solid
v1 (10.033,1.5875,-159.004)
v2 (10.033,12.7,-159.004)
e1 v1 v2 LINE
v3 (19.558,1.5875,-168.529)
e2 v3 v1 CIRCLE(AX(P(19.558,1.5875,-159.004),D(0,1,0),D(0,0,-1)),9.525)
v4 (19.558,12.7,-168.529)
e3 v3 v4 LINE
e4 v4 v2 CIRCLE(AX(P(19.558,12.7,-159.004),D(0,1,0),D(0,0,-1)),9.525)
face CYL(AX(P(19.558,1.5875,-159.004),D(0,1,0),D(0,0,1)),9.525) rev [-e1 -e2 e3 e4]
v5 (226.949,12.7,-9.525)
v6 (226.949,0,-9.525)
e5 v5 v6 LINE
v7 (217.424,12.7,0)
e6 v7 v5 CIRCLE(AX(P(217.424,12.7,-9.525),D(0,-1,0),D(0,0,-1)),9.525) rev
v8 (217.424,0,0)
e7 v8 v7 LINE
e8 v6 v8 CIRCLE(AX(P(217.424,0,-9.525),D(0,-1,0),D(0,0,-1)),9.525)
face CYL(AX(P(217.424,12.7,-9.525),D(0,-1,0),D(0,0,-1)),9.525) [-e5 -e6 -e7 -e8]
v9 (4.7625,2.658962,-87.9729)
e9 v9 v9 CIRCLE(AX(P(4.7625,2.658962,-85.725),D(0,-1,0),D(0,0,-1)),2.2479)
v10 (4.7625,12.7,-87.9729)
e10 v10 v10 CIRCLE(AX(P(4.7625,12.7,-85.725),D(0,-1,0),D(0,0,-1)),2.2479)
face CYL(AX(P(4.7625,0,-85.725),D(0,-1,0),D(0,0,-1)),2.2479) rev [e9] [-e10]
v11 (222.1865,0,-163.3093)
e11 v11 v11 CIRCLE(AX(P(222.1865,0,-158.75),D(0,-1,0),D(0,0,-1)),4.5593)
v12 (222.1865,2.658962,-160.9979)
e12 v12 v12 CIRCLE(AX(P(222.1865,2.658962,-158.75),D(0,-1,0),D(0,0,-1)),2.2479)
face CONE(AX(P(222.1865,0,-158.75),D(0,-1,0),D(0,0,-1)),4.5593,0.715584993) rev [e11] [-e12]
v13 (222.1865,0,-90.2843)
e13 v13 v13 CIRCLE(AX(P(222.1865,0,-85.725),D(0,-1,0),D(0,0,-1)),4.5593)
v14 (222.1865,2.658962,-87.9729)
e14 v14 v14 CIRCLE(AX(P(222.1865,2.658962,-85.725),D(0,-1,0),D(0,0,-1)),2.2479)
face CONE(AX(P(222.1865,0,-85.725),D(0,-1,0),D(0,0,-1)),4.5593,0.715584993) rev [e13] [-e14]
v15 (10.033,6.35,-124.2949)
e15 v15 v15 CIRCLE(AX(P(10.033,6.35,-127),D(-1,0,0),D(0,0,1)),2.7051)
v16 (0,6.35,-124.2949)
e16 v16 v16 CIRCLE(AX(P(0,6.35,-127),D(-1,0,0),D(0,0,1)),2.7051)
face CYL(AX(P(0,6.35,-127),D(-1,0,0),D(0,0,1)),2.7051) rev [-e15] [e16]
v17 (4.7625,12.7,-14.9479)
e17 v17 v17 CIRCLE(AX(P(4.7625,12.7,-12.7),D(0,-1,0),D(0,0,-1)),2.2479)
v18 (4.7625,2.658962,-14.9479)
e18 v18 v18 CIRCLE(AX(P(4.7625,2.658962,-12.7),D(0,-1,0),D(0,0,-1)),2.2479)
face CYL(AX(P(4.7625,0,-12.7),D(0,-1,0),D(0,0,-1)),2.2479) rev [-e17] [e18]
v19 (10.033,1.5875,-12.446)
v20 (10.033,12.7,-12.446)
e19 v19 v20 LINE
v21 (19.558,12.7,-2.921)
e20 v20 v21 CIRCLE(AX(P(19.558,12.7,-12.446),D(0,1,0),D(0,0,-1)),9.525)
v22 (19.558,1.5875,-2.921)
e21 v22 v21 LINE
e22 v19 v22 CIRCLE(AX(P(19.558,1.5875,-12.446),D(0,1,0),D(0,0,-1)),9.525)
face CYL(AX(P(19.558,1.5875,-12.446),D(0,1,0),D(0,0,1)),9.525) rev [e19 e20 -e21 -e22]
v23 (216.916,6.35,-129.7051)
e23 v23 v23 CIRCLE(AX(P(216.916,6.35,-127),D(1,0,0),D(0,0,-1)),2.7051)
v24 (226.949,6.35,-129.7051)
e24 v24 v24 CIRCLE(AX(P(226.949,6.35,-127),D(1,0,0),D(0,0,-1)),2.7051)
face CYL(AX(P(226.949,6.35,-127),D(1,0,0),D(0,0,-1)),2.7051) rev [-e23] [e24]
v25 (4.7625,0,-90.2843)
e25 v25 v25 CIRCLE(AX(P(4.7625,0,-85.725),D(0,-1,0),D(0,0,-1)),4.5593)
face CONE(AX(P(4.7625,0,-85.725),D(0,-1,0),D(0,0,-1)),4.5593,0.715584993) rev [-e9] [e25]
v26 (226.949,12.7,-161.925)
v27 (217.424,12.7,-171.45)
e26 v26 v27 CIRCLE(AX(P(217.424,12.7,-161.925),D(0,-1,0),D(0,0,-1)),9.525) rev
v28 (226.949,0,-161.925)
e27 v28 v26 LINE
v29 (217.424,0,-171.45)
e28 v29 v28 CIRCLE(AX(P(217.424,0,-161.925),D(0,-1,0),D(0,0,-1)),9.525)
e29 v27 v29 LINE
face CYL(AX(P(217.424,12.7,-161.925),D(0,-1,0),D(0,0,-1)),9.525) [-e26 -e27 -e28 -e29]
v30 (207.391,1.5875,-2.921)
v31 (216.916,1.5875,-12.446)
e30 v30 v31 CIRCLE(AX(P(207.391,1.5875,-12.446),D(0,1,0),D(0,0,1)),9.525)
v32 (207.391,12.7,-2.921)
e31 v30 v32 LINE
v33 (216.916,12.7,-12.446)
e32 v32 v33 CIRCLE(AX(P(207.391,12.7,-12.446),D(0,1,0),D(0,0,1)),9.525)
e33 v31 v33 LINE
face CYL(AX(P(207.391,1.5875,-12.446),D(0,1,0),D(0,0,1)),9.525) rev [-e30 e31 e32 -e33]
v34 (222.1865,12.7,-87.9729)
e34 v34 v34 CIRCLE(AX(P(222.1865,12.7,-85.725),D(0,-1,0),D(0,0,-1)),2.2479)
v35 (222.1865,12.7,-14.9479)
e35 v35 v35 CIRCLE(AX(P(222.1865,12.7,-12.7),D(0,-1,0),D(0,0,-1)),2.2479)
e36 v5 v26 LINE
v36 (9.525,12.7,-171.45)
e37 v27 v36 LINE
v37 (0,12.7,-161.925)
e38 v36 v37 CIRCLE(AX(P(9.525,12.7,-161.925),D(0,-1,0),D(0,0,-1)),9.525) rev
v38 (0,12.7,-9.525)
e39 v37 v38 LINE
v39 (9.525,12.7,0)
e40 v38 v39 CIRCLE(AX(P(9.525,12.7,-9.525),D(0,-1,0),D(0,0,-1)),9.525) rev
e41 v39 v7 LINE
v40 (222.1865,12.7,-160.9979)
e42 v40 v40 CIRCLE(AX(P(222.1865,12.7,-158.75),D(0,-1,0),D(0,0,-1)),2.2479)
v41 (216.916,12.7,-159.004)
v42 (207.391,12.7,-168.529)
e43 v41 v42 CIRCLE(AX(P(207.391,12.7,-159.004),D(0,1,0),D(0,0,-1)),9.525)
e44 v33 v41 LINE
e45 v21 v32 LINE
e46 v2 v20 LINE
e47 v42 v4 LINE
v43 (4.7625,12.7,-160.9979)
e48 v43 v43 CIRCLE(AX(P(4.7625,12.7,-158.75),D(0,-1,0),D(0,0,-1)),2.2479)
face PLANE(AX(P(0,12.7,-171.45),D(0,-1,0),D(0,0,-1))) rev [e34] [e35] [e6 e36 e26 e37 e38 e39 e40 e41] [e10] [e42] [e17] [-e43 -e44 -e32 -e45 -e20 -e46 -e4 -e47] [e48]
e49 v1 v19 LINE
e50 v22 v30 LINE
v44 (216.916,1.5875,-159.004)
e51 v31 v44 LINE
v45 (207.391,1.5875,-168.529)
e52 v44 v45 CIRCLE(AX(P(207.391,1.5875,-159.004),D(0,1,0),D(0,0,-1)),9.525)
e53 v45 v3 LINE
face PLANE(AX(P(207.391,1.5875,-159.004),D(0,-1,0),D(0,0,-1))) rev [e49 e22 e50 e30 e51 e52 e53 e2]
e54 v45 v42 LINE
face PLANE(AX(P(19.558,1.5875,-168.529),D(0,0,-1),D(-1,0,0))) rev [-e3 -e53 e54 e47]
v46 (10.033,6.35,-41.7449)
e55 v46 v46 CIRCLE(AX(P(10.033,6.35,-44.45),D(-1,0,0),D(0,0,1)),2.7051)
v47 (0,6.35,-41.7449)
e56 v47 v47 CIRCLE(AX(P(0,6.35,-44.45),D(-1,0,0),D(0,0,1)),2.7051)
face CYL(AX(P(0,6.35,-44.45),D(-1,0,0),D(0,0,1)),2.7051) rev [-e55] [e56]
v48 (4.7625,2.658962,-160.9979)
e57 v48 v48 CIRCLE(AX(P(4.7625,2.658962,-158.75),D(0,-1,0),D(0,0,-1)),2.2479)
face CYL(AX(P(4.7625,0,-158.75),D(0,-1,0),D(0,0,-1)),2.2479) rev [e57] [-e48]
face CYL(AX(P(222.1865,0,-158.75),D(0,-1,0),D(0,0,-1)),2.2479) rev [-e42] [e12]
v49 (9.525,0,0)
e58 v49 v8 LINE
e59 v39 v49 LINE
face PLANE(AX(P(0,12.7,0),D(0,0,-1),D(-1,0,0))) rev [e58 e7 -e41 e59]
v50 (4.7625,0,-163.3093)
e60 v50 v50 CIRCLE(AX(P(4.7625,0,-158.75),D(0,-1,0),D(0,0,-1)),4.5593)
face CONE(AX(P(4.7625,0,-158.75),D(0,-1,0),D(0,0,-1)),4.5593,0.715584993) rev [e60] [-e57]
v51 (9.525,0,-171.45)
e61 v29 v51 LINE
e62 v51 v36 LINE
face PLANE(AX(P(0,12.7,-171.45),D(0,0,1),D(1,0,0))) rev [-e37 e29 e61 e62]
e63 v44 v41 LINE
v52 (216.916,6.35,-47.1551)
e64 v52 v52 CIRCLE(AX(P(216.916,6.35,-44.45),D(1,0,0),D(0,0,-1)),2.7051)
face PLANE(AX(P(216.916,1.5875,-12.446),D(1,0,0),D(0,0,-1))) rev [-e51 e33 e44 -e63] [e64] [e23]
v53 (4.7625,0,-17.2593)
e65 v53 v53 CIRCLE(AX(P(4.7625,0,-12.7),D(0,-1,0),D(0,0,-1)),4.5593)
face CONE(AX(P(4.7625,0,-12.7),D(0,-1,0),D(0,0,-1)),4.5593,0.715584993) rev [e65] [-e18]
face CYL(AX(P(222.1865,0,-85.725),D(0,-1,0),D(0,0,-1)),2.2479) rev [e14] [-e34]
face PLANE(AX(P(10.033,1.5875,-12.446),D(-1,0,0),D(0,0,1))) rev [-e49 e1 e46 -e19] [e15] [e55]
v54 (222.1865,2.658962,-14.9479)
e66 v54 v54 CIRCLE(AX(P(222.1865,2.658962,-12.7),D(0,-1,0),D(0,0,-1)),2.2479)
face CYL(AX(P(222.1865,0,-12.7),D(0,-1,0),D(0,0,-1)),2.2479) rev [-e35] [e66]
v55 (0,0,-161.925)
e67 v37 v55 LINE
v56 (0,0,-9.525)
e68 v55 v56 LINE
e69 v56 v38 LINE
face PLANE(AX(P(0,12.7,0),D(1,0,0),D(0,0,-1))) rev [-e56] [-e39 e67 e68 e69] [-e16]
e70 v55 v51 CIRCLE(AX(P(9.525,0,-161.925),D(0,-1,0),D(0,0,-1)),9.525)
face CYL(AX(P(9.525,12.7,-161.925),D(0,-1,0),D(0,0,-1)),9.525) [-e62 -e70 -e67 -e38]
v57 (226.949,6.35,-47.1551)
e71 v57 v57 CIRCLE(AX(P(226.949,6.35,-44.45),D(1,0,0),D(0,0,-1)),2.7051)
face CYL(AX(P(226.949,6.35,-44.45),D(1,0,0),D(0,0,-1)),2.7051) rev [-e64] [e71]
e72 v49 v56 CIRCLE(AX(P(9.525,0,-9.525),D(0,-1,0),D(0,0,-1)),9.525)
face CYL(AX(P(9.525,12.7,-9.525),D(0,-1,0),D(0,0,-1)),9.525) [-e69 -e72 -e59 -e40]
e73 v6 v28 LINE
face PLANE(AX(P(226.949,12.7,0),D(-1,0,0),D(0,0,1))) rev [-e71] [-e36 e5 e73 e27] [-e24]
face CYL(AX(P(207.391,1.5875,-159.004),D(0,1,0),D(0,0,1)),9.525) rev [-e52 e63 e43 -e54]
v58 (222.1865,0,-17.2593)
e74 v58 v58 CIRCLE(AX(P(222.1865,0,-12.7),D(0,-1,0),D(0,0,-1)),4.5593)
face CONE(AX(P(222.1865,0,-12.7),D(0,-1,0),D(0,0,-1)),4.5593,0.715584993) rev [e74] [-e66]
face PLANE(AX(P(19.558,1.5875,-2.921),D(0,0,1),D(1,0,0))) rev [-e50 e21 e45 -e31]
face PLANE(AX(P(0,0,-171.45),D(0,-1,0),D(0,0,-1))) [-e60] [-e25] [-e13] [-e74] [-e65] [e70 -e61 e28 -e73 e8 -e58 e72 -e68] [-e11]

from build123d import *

# Parameters (mm, degrees)
SKETCH1_W                                         = 226.949
SKETCH1_H                                         = 171.45
BOSS_EXTRUDE1_DEPTH                               = 12.7
CUT_EXTRUDE1_DEPTH                                = 11.1125
F_1_4_28_TAPPED_HOLE1_REACH                       = 286.714
F_1_4_28_TAPPED_HOLE1_BORE_R                      = 2.7051
CSK_FOR_8_FLAT_HEAD_SOCKET_CAP_SCREW1_D           = 4.4958
CSK_FOR_8_FLAT_HEAD_SOCKET_CAP_SCREW1_CSINK_D     = 9.1186
CSK_FOR_8_FLAT_HEAD_SOCKET_CAP_SCREW1_CSINK_ANGLE = 82
FILLET1_R                                         = 9.525


with BuildPart() as part:
    # Sketch1 → Boss-Extrude1 (new body)
    with BuildSketch(Plane(origin=(0, 0, 0), x_dir=(1, 0, 0), z_dir=(0, 1, 0))):
        with Locations((113.4745, 85.725)):
            Rectangle(SKETCH1_W, SKETCH1_H)
    extrude(amount=BOSS_EXTRUDE1_DEPTH)

    # Sketch2 → Cut-Extrude1 (cut)
    with BuildSketch(Plane(origin=(0, 12.7, 0), x_dir=(1, 0, 0), z_dir=(0, 1, 0))):
        with BuildLine():
            Line((19.558, 2.921), (207.391, 2.921))
            ThreePointArc((207.391, 2.921), (214.126192091, 5.710807909), (216.916, 12.446))
            Line((216.916, 12.446), (216.916, 159.004))
            ThreePointArc((216.916, 159.004), (214.126192091, 165.739192091), (207.391, 168.529))
            Line((207.391, 168.529), (19.558, 168.529))
            ThreePointArc((19.558, 168.529), (12.822807909, 165.739192091), (10.033, 159.004))
            Line((10.033, 159.004), (10.033, 12.446))
            ThreePointArc((10.033, 12.446), (12.822807909, 5.710807909), (19.558, 2.921))
        make_face()
    extrude(amount=-CUT_EXTRUDE1_DEPTH, mode=Mode.SUBTRACT)

    # 1/4-28 Tapped Hole1 bore → 1/4-28 Tapped Hole1 (cut, up to next)
    with BuildSketch(Plane.ZY, mode=Mode.PRIVATE) as f_1_4_28_tapped_hole1_sk1:
        with Locations((-127, 6.35)):
            Circle(F_1_4_28_TAPPED_HOLE1_BORE_R)
    f_1_4_28_tapped_hole1_tool1 = extrude(f_1_4_28_tapped_hole1_sk1.sketch, amount=-F_1_4_28_TAPPED_HOLE1_REACH, mode=Mode.PRIVATE) & part.part
    # 1/4-28 Tapped Hole1 bore → 1/4-28 Tapped Hole1 (cut, up to next)
    with BuildSketch(Plane.ZY, mode=Mode.PRIVATE) as f_1_4_28_tapped_hole1_sk2:
        with Locations((-44.45, 6.35)):
            Circle(F_1_4_28_TAPPED_HOLE1_BORE_R)
    f_1_4_28_tapped_hole1_tool2 = extrude(f_1_4_28_tapped_hole1_sk2.sketch, amount=-F_1_4_28_TAPPED_HOLE1_REACH, mode=Mode.PRIVATE) & part.part
    f_1_4_28_tapped_hole1_1 = f_1_4_28_tapped_hole1_tool1.solids().sort_by_distance((0, 6.35, -127))[0]
    add(f_1_4_28_tapped_hole1_1, mode=Mode.SUBTRACT)
    f_1_4_28_tapped_hole1_2 = f_1_4_28_tapped_hole1_tool2.solids().sort_by_distance((0, 6.35, -44.45))[0]
    add(f_1_4_28_tapped_hole1_2, mode=Mode.SUBTRACT)
    f_1_4_28_tapped_hole1 = f_1_4_28_tapped_hole1_1 + f_1_4_28_tapped_hole1_2  # 1/4-28 Tapped Hole1 as one shape, for the pattern or mirror that repeats it

    # CSK for #8 Flat Head Socket Cap Screw1 (through all)
    with Locations(Plane.XZ):
        with Locations((4.7625, -12.7), (4.7625, -85.725), (4.7625, -158.75)):
            csk_for_8_flat_head_socket_cap_screw1 = CounterSinkHole(CSK_FOR_8_FLAT_HEAD_SOCKET_CAP_SCREW1_D / 2, CSK_FOR_8_FLAT_HEAD_SOCKET_CAP_SCREW1_CSINK_D / 2, counter_sink_angle=CSK_FOR_8_FLAT_HEAD_SOCKET_CAP_SCREW1_CSINK_ANGLE)

    # Mirror1: 1/4-28 Tapped Hole1, CSK for #8 Flat Head Socket Cap Screw1 across plane
    add(f_1_4_28_tapped_hole1.mirror(Plane(origin=(113.4745, 0, 0), x_dir=(0, 0, 1), z_dir=(1, 0, 0))), mode=Mode.SUBTRACT)
    add(csk_for_8_flat_head_socket_cap_screw1.mirror(Plane(origin=(113.4745, 0, 0), x_dir=(0, 0, 1), z_dir=(1, 0, 0))), mode=Mode.SUBTRACT)

    # Fillet1
    fillet1_edges = [part.edges().sort_by_distance(p)[0] for p in [
        (0, 6.35, -171.45),
        (226.949, 6.35, -171.45),
        (226.949, 6.35, 0),
        (0, 6.35, 0),
    ]]
    fillet(fillet1_edges, radius=FILLET1_R)


solid = part.part
